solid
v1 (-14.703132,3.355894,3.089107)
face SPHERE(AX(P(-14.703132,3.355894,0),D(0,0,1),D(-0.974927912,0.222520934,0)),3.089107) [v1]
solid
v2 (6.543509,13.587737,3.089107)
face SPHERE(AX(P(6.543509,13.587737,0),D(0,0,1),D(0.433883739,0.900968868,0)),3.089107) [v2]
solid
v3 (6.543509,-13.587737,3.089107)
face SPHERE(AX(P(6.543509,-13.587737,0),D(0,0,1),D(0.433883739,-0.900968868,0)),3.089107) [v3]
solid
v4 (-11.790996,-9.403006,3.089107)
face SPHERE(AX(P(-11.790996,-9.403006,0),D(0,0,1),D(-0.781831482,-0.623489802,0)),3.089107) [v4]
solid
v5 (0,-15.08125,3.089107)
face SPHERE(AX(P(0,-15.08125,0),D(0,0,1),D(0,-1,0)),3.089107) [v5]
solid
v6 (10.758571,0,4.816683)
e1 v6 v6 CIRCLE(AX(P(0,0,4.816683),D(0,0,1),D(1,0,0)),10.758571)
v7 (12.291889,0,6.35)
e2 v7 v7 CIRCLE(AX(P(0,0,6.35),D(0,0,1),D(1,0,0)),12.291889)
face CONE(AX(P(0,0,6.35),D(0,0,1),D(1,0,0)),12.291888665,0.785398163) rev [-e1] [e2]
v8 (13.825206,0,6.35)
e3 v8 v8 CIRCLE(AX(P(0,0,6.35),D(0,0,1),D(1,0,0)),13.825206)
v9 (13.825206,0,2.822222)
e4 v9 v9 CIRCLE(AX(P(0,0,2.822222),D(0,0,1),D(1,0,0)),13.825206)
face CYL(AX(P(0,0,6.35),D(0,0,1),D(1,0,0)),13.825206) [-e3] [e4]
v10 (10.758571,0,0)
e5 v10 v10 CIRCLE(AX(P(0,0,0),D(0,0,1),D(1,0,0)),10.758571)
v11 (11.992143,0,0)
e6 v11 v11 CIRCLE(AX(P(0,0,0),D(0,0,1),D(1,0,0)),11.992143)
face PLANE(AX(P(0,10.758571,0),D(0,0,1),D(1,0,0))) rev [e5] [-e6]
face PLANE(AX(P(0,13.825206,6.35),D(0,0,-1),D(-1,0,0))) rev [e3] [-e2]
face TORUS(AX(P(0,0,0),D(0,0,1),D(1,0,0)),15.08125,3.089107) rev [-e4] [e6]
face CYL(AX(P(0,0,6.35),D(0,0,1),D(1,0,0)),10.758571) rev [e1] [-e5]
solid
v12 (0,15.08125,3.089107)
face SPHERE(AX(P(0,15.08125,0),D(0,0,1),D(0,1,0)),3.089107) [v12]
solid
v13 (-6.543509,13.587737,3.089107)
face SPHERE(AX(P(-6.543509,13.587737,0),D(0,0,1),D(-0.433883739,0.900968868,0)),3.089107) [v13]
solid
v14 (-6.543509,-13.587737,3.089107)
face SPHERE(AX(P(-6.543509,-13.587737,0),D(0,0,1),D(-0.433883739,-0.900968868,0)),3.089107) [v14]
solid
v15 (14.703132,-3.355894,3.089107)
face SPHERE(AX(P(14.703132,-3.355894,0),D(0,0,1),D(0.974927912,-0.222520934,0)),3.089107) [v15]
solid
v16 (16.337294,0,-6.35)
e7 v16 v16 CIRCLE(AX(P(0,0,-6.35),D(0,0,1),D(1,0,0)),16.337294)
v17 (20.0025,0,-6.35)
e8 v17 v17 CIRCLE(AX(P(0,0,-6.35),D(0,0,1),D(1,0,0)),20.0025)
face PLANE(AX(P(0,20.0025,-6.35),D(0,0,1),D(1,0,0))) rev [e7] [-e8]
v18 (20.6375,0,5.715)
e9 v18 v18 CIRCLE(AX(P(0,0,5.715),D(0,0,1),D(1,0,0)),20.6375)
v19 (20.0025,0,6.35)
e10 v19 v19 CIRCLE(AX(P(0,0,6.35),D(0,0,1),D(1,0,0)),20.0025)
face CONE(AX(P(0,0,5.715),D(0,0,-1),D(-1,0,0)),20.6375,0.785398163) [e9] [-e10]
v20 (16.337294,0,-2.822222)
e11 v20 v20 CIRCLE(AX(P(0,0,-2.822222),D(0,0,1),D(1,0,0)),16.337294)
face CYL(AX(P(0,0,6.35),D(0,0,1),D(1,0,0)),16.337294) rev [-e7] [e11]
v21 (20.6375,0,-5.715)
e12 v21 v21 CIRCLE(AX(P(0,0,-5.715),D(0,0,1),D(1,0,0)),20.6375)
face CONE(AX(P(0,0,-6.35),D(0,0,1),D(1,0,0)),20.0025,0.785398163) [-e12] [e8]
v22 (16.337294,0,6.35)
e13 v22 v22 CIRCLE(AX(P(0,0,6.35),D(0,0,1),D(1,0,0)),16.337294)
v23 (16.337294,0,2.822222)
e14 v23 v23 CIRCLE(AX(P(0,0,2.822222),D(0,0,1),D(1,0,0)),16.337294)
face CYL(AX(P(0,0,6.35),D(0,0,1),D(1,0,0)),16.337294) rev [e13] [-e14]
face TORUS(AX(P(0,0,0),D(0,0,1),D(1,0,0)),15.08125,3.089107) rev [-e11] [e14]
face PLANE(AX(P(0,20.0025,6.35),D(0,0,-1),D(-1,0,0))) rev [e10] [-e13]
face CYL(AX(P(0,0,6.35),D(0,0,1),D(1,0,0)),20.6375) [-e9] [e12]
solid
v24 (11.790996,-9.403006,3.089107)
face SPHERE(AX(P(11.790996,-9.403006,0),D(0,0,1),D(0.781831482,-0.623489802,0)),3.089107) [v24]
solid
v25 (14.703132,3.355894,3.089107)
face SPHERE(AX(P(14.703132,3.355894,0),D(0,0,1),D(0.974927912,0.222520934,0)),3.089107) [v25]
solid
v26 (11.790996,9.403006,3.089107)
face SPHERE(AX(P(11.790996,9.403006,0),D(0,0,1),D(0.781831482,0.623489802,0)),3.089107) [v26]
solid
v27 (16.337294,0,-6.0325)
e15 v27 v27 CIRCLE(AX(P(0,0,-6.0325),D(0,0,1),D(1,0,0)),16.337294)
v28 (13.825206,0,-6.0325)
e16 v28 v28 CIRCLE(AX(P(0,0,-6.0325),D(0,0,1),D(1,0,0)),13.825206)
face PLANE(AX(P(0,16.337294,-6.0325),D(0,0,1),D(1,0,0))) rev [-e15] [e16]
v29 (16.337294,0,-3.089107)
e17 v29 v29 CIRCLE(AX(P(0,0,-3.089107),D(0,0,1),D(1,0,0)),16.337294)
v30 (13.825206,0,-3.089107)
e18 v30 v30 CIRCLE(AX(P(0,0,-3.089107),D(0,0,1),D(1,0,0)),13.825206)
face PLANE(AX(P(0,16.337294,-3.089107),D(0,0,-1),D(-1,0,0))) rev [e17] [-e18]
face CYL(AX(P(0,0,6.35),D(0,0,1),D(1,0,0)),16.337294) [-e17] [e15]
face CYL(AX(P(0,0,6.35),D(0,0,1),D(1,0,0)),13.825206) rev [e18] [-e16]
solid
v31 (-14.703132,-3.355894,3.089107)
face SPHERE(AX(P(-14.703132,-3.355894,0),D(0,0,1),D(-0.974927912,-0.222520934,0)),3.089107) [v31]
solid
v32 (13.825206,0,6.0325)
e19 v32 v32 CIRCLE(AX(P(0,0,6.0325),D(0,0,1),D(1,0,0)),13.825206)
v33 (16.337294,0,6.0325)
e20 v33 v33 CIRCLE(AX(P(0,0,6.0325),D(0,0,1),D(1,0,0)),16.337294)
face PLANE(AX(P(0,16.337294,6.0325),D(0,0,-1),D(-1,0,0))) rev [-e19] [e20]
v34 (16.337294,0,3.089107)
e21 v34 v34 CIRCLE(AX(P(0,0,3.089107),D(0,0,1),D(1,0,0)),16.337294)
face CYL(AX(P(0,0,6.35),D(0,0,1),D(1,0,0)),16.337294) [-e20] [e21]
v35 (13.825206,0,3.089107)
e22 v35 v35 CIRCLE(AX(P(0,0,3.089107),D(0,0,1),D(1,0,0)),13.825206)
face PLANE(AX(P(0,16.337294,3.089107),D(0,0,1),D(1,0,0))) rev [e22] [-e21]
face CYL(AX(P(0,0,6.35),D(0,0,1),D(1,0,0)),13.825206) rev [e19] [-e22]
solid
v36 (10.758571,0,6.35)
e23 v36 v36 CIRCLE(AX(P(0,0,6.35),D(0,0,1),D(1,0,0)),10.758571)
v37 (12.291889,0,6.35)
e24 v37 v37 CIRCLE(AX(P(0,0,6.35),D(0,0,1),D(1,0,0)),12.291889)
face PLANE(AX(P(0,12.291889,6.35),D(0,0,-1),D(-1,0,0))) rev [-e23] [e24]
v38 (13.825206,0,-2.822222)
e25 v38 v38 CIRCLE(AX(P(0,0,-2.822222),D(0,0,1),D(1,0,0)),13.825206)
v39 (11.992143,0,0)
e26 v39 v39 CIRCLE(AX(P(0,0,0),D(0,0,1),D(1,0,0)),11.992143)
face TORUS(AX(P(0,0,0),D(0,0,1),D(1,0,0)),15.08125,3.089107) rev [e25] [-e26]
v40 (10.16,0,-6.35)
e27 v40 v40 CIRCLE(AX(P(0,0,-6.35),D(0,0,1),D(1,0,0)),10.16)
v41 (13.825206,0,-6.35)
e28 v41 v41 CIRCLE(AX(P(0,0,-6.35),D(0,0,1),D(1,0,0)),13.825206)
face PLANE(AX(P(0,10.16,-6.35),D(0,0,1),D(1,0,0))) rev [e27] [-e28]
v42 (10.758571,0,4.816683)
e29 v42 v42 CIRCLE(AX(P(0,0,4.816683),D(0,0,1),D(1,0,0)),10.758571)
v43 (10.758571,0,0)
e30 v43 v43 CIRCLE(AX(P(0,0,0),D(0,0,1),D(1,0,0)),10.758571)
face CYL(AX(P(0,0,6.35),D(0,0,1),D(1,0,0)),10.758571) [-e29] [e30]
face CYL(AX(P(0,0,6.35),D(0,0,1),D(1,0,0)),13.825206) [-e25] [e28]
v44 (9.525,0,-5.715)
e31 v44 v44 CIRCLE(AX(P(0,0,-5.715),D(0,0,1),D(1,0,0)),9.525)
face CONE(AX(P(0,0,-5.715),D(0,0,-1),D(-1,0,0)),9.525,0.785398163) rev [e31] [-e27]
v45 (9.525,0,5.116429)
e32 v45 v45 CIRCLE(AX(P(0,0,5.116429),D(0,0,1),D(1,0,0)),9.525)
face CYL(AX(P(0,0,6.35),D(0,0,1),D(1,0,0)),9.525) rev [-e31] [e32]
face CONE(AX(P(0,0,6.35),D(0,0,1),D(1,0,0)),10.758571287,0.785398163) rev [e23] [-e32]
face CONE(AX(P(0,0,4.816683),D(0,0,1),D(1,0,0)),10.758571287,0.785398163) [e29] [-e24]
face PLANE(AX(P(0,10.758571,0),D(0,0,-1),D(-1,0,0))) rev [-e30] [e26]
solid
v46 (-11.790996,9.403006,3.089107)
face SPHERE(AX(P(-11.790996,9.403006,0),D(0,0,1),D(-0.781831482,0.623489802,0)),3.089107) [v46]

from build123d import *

# Parameters (mm, degrees)
CIRPATTERN1_COUNT = 14
SKETCH5_W         = 2.943392574
SKETCH5_H         = 2.512087912


with BuildPart() as part:
    # Sketch1 → Revolve1 (revolve)
    with BuildSketch(Plane(origin=(0, 0, 0), x_dir=(0, 0, -1), z_dir=(1, 0, 0))):
        with BuildLine():
            Line((5.715, 20.6375), (-5.715, 20.6375))
            Line((-5.715, 20.6375), (-6.35, 20.0025))
            Line((-6.35, 20.0025), (-6.35, 16.337293956))
            Line((-6.35, 16.337293956), (-2.822222222, 16.337293956))
            ThreePointArc((-2.822222222, 16.337293956), (0, 18.170357426), (2.822222222, 16.337293956))
            Line((2.822222222, 16.337293956), (6.35, 16.337293956))
            Line((6.35, 16.337293956), (6.35, 20.0025))
            Line((6.35, 20.0025), (5.715, 20.6375))
        make_face()
    revolve(axis=Axis((0, 0, 6.35), (0, 0, -1)))


with BuildPart() as body_2:
    # Sketch2 → Revolve2 (revolve)
    with BuildSketch(Plane(origin=(0, 0, 0), x_dir=(0, 0, -1), z_dir=(1, 0, 0))):
        with BuildLine():
            Line((-6.35, 13.825206044), (-2.822222222, 13.825206044))
            ThreePointArc((-2.822222222, 13.825206044), (-1.682636321, 12.490628511), (0, 11.992142574))
            Line((0, 11.992142574), (0, 10.758571287))
            Line((0, 10.758571287), (-4.816682621, 10.758571287))
            Line((-4.816682621, 10.758571287), (-6.35, 12.291888665))
            Line((-6.35, 12.291888665), (-6.35, 13.825206044))
        make_face()
    revolve(axis=Axis((0, 0, 6.35), (0, 0, -1)))


with BuildPart() as body_3:
    # Sketch3 → Revolve3 (revolve)
    with BuildSketch(Plane(origin=(0, 0, 0), x_dir=(0, 0, -1), z_dir=(1, 0, 0))):
        with BuildLine():
            Line((-6.35, 12.291888665), (-4.816682621, 10.758571287))
            Line((-4.816682621, 10.758571287), (0, 10.758571287))
            Line((0, 10.758571287), (0, 11.992142574))
            ThreePointArc((0, 11.992142574), (1.682636321, 12.490628511), (2.822222222, 13.825206044))
            Line((2.822222222, 13.825206044), (6.35, 13.825206044))
            Line((6.35, 13.825206044), (6.35, 10.16))
            Line((6.35, 10.16), (5.715, 9.525))
            Line((5.715, 9.525), (-5.116428713, 9.525))
            Line((-5.116428713, 9.525), (-6.35, 10.758571287))
            Line((-6.35, 10.758571287), (-6.35, 12.291888665))
        make_face()
    revolve(axis=Axis((0, 0, 6.35), (0, 0, -1)))


with BuildPart() as body_4:
    # Sketch4 → Revolve4 (revolve)
    with BuildSketch(Plane(origin=(0, 0, 0), x_dir=(0, 0, -1), z_dir=(1, 0, 0))):
        with BuildLine():
            Line((-3.089107426, 15.08125), (3.089107426, 15.08125))
            ThreePointArc((3.089107426, 15.08125), (0, 18.170357426), (-3.089107426, 15.08125))
        make_face()
    revolve(axis=Axis((0, 15.08125, 3.089107426), (0, 0, -1)))


with BuildPart() as cirpattern1_1:
    # CirPattern1: pattern copy
    add(body_4.part.rotate(Axis((0, 0, -6.35), (0, 0, 1)), 1 * 360 / CIRPATTERN1_COUNT))


with BuildPart() as cirpattern1_2:
    # CirPattern1: pattern copy
    add(body_4.part.rotate(Axis((0, 0, -6.35), (0, 0, 1)), 2 * 360 / CIRPATTERN1_COUNT))


with BuildPart() as cirpattern1_3:
    # CirPattern1: pattern copy
    add(body_4.part.rotate(Axis((0, 0, -6.35), (0, 0, 1)), 3 * 360 / CIRPATTERN1_COUNT))


with BuildPart() as cirpattern1_4:
    # CirPattern1: pattern copy
    add(body_4.part.rotate(Axis((0, 0, -6.35), (0, 0, 1)), 4 * 360 / CIRPATTERN1_COUNT))


with BuildPart() as cirpattern1_5:
    # CirPattern1: pattern copy
    add(body_4.part.rotate(Axis((0, 0, -6.35), (0, 0, 1)), 5 * 360 / CIRPATTERN1_COUNT))


with BuildPart() as cirpattern1_6:
    # CirPattern1: pattern copy
    add(body_4.part.rotate(Axis((0, 0, -6.35), (0, 0, 1)), 6 * 360 / CIRPATTERN1_COUNT))


with BuildPart() as cirpattern1_7:
    # CirPattern1: pattern copy
    add(body_4.part.rotate(Axis((0, 0, -6.35), (0, 0, 1)), 7 * 360 / CIRPATTERN1_COUNT))


with BuildPart() as cirpattern1_8:
    # CirPattern1: pattern copy
    add(body_4.part.rotate(Axis((0, 0, -6.35), (0, 0, 1)), 8 * 360 / CIRPATTERN1_COUNT))


with BuildPart() as cirpattern1_9:
    # CirPattern1: pattern copy
    add(body_4.part.rotate(Axis((0, 0, -6.35), (0, 0, 1)), 9 * 360 / CIRPATTERN1_COUNT))


with BuildPart() as cirpattern1_10:
    # CirPattern1: pattern copy
    add(body_4.part.rotate(Axis((0, 0, -6.35), (0, 0, 1)), 10 * 360 / CIRPATTERN1_COUNT))


with BuildPart() as cirpattern1_11:
    # CirPattern1: pattern copy
    add(body_4.part.rotate(Axis((0, 0, -6.35), (0, 0, 1)), 11 * 360 / CIRPATTERN1_COUNT))


with BuildPart() as cirpattern1_12:
    # CirPattern1: pattern copy
    add(body_4.part.rotate(Axis((0, 0, -6.35), (0, 0, 1)), 12 * 360 / CIRPATTERN1_COUNT))


with BuildPart() as cirpattern1_13:
    # CirPattern1: pattern copy
    add(body_4.part.rotate(Axis((0, 0, -6.35), (0, 0, 1)), 13 * 360 / CIRPATTERN1_COUNT))


with BuildPart() as body_18:
    # Sketch5 → Revolve5 (revolve)
    with BuildSketch(Plane(origin=(0, 0, 0), x_dir=(0, 0, -1), z_dir=(1, 0, 0))):
        with Locations((-4.560803713, 15.08125)):
            Rectangle(SKETCH5_W, SKETCH5_H)
        with Locations((4.560803713, 15.08125)):
            Rectangle(SKETCH5_W, SKETCH5_H)
    revolve(axis=Axis((0, 0, 6.35), (0, 0, -1)))


solid = Compound([part.part, body_2.part, body_3.part, body_4.part, cirpattern1_1.part, cirpattern1_2.part, cirpattern1_3.part, cirpattern1_4.part, cirpattern1_5.part, cirpattern1_6.part, cirpattern1_7.part, cirpattern1_8.part, cirpattern1_9.part, cirpattern1_10.part, cirpattern1_11.part, cirpattern1_12.part, cirpattern1_13.part, body_18.part])
